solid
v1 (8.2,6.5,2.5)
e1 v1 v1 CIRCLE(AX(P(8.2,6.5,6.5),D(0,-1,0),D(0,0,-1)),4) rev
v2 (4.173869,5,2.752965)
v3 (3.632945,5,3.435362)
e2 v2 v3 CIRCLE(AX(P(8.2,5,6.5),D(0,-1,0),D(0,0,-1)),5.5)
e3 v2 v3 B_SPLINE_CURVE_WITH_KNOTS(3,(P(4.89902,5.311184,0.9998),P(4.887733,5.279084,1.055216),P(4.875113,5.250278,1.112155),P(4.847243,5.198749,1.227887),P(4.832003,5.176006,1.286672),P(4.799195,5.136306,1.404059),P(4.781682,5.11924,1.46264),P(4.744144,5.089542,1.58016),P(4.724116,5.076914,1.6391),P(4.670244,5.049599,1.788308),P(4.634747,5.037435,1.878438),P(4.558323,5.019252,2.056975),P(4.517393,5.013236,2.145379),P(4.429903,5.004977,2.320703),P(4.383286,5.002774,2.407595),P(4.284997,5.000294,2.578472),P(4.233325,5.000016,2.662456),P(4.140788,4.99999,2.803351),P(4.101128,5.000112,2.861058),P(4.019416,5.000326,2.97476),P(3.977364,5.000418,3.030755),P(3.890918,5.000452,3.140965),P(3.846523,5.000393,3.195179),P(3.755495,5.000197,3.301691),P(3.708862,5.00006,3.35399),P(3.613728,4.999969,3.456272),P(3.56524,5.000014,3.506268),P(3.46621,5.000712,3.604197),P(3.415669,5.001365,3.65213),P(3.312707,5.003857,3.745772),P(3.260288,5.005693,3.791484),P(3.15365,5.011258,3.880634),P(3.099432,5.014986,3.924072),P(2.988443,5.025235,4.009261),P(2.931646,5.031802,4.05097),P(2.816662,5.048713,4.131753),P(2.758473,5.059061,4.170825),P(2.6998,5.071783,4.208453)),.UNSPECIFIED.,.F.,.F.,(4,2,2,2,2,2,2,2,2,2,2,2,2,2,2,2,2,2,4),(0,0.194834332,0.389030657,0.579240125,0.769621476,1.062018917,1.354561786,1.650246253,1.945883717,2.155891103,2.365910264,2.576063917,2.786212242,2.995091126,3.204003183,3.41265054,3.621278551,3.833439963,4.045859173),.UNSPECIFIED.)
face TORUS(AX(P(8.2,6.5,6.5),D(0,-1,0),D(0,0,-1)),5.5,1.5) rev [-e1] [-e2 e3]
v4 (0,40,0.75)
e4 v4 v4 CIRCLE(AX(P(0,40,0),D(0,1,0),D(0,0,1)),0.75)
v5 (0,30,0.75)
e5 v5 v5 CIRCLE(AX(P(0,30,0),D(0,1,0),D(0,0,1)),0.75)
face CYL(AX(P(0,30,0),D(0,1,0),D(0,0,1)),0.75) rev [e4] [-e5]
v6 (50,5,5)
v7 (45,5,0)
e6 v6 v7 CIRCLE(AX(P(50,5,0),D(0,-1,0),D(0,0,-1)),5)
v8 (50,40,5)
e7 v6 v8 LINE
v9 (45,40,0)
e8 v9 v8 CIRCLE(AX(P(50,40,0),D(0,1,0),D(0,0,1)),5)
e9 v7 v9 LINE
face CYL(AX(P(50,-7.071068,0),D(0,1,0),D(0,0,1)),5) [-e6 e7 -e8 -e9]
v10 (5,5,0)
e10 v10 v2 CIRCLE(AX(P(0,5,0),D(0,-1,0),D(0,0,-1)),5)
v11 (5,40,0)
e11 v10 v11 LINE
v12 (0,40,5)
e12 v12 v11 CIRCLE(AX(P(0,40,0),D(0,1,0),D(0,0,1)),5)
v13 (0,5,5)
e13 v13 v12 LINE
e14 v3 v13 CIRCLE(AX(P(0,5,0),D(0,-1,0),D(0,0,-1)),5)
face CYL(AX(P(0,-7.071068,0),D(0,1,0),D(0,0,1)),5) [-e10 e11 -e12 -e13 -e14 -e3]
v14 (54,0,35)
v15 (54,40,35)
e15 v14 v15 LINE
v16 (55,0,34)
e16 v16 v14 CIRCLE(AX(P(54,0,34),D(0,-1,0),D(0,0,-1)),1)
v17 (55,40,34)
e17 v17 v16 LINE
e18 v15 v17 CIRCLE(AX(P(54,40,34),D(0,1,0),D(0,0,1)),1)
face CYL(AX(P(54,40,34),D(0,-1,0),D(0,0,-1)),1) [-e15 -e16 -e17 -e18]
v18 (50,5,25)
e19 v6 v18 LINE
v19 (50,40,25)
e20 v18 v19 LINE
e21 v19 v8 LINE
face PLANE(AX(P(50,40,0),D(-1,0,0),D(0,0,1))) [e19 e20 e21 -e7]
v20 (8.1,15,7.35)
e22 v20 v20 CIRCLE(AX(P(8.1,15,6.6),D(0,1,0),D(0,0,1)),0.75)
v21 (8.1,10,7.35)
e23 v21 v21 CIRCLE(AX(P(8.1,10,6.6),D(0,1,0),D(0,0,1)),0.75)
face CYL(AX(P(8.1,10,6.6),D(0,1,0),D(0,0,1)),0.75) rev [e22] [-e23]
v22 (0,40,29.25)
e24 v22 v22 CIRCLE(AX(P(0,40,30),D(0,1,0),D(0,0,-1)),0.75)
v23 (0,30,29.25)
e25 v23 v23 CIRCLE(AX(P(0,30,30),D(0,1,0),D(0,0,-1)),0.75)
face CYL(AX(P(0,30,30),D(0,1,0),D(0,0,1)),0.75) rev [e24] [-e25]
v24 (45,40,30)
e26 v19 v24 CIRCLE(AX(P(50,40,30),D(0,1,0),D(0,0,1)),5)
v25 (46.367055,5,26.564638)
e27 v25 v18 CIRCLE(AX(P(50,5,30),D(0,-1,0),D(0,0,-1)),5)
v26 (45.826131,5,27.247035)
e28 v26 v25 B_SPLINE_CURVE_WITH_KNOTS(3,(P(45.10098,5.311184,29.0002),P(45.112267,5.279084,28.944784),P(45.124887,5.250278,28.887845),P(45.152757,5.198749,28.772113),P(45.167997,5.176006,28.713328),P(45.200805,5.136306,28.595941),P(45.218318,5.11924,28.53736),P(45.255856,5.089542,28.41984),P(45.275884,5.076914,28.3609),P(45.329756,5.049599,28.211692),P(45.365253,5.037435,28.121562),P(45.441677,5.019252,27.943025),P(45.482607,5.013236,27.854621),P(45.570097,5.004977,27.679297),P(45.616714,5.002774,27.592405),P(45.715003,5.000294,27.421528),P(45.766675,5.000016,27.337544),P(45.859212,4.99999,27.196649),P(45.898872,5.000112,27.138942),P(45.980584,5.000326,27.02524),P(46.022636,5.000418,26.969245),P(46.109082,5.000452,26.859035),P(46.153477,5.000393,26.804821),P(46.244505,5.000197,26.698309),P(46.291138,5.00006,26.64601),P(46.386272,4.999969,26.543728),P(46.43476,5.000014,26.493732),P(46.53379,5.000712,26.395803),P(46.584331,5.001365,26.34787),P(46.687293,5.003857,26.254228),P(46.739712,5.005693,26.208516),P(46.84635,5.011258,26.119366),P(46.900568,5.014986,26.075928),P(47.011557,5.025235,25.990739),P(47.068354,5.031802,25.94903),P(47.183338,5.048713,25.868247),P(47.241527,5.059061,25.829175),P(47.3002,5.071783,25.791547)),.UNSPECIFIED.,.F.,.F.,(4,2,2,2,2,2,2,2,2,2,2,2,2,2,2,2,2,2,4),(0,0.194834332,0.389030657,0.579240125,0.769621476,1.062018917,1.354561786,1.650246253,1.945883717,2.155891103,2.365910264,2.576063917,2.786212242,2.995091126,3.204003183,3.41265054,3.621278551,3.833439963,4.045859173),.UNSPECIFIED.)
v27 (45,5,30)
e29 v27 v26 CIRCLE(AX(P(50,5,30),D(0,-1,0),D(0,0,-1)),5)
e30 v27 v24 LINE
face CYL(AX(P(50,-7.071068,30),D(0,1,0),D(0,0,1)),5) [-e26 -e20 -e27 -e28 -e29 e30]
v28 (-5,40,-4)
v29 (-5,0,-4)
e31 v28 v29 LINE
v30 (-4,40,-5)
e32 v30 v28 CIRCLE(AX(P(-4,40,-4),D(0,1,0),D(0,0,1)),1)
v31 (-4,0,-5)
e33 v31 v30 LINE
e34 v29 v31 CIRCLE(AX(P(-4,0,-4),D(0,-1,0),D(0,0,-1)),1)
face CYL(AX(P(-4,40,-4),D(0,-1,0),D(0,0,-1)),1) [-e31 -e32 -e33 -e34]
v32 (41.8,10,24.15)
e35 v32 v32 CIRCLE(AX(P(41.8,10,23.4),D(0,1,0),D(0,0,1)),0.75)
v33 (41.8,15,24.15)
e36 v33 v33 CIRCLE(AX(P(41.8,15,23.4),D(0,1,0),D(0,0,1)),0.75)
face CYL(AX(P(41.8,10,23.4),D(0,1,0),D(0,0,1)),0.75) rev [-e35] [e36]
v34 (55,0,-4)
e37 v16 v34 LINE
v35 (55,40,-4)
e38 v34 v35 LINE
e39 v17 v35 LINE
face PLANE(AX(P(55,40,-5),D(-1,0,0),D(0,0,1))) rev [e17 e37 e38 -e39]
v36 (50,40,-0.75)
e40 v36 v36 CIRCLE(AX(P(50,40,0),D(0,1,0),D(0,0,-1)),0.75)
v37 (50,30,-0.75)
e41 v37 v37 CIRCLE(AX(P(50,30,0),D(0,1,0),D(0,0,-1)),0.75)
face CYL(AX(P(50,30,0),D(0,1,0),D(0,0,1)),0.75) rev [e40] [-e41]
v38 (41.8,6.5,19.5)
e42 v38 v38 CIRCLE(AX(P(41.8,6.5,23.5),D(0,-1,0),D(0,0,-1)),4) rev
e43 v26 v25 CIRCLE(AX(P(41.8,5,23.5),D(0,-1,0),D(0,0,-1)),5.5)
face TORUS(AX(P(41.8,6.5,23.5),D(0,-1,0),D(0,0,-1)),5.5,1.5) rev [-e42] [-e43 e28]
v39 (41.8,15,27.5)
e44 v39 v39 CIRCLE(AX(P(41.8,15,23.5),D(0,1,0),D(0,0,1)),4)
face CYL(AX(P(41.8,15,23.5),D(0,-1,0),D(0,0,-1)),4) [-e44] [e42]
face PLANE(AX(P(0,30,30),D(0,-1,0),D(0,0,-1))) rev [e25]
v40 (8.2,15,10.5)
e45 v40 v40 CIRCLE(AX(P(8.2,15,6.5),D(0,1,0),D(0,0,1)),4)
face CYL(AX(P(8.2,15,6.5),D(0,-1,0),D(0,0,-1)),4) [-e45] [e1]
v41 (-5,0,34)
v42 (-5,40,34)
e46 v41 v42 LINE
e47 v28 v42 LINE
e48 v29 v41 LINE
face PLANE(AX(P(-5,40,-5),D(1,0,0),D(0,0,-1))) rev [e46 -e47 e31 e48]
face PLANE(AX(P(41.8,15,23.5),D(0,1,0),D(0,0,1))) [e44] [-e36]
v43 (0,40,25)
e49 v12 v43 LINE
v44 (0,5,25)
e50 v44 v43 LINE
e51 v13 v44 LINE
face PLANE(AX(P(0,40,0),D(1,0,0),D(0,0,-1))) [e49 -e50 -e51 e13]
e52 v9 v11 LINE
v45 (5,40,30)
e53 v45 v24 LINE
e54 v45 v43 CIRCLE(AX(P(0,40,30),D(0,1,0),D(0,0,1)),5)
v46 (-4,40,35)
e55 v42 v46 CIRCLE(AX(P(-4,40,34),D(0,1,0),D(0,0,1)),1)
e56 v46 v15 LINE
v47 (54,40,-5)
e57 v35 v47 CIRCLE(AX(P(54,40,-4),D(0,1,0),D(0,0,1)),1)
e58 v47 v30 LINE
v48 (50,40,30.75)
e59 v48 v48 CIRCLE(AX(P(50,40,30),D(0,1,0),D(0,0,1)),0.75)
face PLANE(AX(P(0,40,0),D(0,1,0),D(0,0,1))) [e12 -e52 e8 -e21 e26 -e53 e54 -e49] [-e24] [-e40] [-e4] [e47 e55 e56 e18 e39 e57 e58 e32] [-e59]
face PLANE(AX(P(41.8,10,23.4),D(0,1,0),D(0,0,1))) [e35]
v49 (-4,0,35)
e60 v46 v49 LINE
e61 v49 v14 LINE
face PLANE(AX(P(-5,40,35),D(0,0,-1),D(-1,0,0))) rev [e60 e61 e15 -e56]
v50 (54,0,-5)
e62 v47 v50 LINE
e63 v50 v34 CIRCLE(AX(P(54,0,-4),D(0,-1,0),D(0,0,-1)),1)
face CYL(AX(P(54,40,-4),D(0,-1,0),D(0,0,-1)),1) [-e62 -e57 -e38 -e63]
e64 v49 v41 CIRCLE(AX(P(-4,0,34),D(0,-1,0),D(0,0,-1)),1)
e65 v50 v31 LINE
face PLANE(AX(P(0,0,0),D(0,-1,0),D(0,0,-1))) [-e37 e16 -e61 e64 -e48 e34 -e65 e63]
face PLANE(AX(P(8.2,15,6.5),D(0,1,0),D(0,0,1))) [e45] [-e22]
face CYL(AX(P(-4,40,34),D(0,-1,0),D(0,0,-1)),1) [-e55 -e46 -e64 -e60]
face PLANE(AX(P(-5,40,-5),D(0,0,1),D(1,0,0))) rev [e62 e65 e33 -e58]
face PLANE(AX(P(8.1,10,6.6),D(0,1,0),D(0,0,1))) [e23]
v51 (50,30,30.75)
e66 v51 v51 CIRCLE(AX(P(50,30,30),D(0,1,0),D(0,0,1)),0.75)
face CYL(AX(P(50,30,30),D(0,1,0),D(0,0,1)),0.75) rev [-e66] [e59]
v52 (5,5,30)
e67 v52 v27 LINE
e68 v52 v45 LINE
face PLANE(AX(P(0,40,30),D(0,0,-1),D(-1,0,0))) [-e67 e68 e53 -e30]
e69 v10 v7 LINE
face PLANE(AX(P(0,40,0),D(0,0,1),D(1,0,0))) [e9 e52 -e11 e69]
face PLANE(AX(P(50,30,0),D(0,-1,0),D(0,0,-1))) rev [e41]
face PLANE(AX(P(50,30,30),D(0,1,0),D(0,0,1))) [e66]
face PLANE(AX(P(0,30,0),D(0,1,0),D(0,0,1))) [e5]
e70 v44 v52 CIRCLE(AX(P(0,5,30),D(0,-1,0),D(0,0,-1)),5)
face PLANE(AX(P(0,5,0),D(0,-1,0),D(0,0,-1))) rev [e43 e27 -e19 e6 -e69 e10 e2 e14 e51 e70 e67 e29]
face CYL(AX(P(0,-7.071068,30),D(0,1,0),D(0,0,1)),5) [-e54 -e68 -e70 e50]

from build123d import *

# Parameters (mm, degrees)
SKETCH1_W           = 50
SKETCH1_H           = 30
BOSS_EXTRUDE1_DEPTH = 5
SKETCH1_3_W         = 60
SKETCH1_3_H         = 40
SKETCH1_3_W_2       = 50
SKETCH1_3_H_2       = 30
BOSS_EXTRUDE2_DEPTH = 40
SKETCH2_R           = 4
BOSS_EXTRUDE3_DEPTH = 10
SKETCH6_R           = 0.75
CUT_EXTRUDE1_DEPTH  = 5
FILLET1_R           = 1.5
BOSS_EXTRUDE4_START = -1e-06
BOSS_EXTRUDE4_DEPTH = 35.000001
SKETCH10_R          = 0.75
CUT_EXTRUDE2_DEPTH  = 10
FILLET2_R           = 1


with BuildPart() as part:
    # Sketch1 → Boss-Extrude1 (new body)
    with BuildSketch(Plane(origin=(0, 0, 0), x_dir=(1, 0, 0), z_dir=(0, 1, 0))):
        with Locations((25, -15)):
            Rectangle(SKETCH1_W, SKETCH1_H)
    extrude(amount=BOSS_EXTRUDE1_DEPTH)

    # Sketch1<3> → Boss-Extrude2 (add)
    with BuildSketch(Plane(origin=(0, 0, 0), x_dir=(1, 0, 0), z_dir=(0, 1, 0))):
        with Locations((25, -15)):
            Rectangle(SKETCH1_3_W, SKETCH1_3_H)
        with Locations((25, -15)):
            Rectangle(SKETCH1_3_W_2, SKETCH1_3_H_2, mode=Mode.SUBTRACT)
    extrude(amount=BOSS_EXTRUDE2_DEPTH)

    # Sketch2 → Boss-Extrude3 (add)
    with BuildSketch(Plane(origin=(0, 5, 0), x_dir=(1, 0, 0), z_dir=(0, 1, 0))):
        with Locations((8.2, -6.5)):
            Circle(SKETCH2_R)
        with Locations((41.8, -23.5)):
            Circle(SKETCH2_R)
    extrude(amount=BOSS_EXTRUDE3_DEPTH)

    # Sketch6 → Cut-Extrude1 (cut)
    with BuildSketch(Plane(origin=(0, 15, 0), x_dir=(1, 0, 0), z_dir=(0, 1, 0))):
        with Locations((41.8, -23.4)):
            Circle(SKETCH6_R)
        with Locations((8.1, -6.6)):
            Circle(SKETCH6_R)
    extrude(amount=-CUT_EXTRUDE1_DEPTH, mode=Mode.SUBTRACT)

    # Fillet1
    fillet1_edges = [part.edges().sort_by_distance(p)[0] for p in [
        (4.2, 5, 6.5),
        (37.8, 5, 23.5),
    ]]
    fillet(fillet1_edges, radius=FILLET1_R)

    # Sketch9 → Boss-Extrude4 (add)
    with BuildSketch(Plane(origin=(0, 5, 0), x_dir=(1, 0, 0), z_dir=(0, 1, 0)).offset(BOSS_EXTRUDE4_START)):
        with BuildLine():
            Line((5, 0), (0, 0))
            Line((0, 0), (0, -5))
            ThreePointArc((0, -5), (3.535533906, -3.535533906), (5, 0))
        make_face()
        with BuildLine():
            Line((50, -5), (50, 0))
            Line((50, 0), (45, 0))
            ThreePointArc((45, 0), (46.464466094, -3.535533906), (50, -5))
        make_face()
        with BuildLine():
            Line((45, -30), (50, -30))
            Line((50, -30), (50, -25))
            ThreePointArc((50, -25), (46.464466094, -26.464466094), (45, -30))
        make_face()
        with BuildLine():
            Line((0, -25), (0, -30))
            Line((0, -30), (5, -30))
            ThreePointArc((5, -30), (3.535533906, -26.464466094), (0, -25))
        make_face()
    extrude(amount=BOSS_EXTRUDE4_DEPTH)

    # Sketch10 → Cut-Extrude2 (cut)
    with BuildSketch(Plane(origin=(0, 40, 0), x_dir=(1, 0, 0), z_dir=(0, 1, 0))):
        with Locations((50, -30)):
            Circle(SKETCH10_R)
        with Locations((0, -30)):
            Circle(SKETCH10_R)
        with Locations((50, 0)):
            Circle(SKETCH10_R)
        Circle(SKETCH10_R)
    extrude(amount=-CUT_EXTRUDE2_DEPTH, mode=Mode.SUBTRACT)

    # Fillet2
    fillet2_edges = [part.edges().sort_by_distance(p)[0] for p in [
        (-5, 20, -5),
        (-5, 20, 35),
        (55, 20, 35),
        (55, 20, -5),
    ]]
    fillet(fillet2_edges, radius=FILLET2_R)


solid = part.part
